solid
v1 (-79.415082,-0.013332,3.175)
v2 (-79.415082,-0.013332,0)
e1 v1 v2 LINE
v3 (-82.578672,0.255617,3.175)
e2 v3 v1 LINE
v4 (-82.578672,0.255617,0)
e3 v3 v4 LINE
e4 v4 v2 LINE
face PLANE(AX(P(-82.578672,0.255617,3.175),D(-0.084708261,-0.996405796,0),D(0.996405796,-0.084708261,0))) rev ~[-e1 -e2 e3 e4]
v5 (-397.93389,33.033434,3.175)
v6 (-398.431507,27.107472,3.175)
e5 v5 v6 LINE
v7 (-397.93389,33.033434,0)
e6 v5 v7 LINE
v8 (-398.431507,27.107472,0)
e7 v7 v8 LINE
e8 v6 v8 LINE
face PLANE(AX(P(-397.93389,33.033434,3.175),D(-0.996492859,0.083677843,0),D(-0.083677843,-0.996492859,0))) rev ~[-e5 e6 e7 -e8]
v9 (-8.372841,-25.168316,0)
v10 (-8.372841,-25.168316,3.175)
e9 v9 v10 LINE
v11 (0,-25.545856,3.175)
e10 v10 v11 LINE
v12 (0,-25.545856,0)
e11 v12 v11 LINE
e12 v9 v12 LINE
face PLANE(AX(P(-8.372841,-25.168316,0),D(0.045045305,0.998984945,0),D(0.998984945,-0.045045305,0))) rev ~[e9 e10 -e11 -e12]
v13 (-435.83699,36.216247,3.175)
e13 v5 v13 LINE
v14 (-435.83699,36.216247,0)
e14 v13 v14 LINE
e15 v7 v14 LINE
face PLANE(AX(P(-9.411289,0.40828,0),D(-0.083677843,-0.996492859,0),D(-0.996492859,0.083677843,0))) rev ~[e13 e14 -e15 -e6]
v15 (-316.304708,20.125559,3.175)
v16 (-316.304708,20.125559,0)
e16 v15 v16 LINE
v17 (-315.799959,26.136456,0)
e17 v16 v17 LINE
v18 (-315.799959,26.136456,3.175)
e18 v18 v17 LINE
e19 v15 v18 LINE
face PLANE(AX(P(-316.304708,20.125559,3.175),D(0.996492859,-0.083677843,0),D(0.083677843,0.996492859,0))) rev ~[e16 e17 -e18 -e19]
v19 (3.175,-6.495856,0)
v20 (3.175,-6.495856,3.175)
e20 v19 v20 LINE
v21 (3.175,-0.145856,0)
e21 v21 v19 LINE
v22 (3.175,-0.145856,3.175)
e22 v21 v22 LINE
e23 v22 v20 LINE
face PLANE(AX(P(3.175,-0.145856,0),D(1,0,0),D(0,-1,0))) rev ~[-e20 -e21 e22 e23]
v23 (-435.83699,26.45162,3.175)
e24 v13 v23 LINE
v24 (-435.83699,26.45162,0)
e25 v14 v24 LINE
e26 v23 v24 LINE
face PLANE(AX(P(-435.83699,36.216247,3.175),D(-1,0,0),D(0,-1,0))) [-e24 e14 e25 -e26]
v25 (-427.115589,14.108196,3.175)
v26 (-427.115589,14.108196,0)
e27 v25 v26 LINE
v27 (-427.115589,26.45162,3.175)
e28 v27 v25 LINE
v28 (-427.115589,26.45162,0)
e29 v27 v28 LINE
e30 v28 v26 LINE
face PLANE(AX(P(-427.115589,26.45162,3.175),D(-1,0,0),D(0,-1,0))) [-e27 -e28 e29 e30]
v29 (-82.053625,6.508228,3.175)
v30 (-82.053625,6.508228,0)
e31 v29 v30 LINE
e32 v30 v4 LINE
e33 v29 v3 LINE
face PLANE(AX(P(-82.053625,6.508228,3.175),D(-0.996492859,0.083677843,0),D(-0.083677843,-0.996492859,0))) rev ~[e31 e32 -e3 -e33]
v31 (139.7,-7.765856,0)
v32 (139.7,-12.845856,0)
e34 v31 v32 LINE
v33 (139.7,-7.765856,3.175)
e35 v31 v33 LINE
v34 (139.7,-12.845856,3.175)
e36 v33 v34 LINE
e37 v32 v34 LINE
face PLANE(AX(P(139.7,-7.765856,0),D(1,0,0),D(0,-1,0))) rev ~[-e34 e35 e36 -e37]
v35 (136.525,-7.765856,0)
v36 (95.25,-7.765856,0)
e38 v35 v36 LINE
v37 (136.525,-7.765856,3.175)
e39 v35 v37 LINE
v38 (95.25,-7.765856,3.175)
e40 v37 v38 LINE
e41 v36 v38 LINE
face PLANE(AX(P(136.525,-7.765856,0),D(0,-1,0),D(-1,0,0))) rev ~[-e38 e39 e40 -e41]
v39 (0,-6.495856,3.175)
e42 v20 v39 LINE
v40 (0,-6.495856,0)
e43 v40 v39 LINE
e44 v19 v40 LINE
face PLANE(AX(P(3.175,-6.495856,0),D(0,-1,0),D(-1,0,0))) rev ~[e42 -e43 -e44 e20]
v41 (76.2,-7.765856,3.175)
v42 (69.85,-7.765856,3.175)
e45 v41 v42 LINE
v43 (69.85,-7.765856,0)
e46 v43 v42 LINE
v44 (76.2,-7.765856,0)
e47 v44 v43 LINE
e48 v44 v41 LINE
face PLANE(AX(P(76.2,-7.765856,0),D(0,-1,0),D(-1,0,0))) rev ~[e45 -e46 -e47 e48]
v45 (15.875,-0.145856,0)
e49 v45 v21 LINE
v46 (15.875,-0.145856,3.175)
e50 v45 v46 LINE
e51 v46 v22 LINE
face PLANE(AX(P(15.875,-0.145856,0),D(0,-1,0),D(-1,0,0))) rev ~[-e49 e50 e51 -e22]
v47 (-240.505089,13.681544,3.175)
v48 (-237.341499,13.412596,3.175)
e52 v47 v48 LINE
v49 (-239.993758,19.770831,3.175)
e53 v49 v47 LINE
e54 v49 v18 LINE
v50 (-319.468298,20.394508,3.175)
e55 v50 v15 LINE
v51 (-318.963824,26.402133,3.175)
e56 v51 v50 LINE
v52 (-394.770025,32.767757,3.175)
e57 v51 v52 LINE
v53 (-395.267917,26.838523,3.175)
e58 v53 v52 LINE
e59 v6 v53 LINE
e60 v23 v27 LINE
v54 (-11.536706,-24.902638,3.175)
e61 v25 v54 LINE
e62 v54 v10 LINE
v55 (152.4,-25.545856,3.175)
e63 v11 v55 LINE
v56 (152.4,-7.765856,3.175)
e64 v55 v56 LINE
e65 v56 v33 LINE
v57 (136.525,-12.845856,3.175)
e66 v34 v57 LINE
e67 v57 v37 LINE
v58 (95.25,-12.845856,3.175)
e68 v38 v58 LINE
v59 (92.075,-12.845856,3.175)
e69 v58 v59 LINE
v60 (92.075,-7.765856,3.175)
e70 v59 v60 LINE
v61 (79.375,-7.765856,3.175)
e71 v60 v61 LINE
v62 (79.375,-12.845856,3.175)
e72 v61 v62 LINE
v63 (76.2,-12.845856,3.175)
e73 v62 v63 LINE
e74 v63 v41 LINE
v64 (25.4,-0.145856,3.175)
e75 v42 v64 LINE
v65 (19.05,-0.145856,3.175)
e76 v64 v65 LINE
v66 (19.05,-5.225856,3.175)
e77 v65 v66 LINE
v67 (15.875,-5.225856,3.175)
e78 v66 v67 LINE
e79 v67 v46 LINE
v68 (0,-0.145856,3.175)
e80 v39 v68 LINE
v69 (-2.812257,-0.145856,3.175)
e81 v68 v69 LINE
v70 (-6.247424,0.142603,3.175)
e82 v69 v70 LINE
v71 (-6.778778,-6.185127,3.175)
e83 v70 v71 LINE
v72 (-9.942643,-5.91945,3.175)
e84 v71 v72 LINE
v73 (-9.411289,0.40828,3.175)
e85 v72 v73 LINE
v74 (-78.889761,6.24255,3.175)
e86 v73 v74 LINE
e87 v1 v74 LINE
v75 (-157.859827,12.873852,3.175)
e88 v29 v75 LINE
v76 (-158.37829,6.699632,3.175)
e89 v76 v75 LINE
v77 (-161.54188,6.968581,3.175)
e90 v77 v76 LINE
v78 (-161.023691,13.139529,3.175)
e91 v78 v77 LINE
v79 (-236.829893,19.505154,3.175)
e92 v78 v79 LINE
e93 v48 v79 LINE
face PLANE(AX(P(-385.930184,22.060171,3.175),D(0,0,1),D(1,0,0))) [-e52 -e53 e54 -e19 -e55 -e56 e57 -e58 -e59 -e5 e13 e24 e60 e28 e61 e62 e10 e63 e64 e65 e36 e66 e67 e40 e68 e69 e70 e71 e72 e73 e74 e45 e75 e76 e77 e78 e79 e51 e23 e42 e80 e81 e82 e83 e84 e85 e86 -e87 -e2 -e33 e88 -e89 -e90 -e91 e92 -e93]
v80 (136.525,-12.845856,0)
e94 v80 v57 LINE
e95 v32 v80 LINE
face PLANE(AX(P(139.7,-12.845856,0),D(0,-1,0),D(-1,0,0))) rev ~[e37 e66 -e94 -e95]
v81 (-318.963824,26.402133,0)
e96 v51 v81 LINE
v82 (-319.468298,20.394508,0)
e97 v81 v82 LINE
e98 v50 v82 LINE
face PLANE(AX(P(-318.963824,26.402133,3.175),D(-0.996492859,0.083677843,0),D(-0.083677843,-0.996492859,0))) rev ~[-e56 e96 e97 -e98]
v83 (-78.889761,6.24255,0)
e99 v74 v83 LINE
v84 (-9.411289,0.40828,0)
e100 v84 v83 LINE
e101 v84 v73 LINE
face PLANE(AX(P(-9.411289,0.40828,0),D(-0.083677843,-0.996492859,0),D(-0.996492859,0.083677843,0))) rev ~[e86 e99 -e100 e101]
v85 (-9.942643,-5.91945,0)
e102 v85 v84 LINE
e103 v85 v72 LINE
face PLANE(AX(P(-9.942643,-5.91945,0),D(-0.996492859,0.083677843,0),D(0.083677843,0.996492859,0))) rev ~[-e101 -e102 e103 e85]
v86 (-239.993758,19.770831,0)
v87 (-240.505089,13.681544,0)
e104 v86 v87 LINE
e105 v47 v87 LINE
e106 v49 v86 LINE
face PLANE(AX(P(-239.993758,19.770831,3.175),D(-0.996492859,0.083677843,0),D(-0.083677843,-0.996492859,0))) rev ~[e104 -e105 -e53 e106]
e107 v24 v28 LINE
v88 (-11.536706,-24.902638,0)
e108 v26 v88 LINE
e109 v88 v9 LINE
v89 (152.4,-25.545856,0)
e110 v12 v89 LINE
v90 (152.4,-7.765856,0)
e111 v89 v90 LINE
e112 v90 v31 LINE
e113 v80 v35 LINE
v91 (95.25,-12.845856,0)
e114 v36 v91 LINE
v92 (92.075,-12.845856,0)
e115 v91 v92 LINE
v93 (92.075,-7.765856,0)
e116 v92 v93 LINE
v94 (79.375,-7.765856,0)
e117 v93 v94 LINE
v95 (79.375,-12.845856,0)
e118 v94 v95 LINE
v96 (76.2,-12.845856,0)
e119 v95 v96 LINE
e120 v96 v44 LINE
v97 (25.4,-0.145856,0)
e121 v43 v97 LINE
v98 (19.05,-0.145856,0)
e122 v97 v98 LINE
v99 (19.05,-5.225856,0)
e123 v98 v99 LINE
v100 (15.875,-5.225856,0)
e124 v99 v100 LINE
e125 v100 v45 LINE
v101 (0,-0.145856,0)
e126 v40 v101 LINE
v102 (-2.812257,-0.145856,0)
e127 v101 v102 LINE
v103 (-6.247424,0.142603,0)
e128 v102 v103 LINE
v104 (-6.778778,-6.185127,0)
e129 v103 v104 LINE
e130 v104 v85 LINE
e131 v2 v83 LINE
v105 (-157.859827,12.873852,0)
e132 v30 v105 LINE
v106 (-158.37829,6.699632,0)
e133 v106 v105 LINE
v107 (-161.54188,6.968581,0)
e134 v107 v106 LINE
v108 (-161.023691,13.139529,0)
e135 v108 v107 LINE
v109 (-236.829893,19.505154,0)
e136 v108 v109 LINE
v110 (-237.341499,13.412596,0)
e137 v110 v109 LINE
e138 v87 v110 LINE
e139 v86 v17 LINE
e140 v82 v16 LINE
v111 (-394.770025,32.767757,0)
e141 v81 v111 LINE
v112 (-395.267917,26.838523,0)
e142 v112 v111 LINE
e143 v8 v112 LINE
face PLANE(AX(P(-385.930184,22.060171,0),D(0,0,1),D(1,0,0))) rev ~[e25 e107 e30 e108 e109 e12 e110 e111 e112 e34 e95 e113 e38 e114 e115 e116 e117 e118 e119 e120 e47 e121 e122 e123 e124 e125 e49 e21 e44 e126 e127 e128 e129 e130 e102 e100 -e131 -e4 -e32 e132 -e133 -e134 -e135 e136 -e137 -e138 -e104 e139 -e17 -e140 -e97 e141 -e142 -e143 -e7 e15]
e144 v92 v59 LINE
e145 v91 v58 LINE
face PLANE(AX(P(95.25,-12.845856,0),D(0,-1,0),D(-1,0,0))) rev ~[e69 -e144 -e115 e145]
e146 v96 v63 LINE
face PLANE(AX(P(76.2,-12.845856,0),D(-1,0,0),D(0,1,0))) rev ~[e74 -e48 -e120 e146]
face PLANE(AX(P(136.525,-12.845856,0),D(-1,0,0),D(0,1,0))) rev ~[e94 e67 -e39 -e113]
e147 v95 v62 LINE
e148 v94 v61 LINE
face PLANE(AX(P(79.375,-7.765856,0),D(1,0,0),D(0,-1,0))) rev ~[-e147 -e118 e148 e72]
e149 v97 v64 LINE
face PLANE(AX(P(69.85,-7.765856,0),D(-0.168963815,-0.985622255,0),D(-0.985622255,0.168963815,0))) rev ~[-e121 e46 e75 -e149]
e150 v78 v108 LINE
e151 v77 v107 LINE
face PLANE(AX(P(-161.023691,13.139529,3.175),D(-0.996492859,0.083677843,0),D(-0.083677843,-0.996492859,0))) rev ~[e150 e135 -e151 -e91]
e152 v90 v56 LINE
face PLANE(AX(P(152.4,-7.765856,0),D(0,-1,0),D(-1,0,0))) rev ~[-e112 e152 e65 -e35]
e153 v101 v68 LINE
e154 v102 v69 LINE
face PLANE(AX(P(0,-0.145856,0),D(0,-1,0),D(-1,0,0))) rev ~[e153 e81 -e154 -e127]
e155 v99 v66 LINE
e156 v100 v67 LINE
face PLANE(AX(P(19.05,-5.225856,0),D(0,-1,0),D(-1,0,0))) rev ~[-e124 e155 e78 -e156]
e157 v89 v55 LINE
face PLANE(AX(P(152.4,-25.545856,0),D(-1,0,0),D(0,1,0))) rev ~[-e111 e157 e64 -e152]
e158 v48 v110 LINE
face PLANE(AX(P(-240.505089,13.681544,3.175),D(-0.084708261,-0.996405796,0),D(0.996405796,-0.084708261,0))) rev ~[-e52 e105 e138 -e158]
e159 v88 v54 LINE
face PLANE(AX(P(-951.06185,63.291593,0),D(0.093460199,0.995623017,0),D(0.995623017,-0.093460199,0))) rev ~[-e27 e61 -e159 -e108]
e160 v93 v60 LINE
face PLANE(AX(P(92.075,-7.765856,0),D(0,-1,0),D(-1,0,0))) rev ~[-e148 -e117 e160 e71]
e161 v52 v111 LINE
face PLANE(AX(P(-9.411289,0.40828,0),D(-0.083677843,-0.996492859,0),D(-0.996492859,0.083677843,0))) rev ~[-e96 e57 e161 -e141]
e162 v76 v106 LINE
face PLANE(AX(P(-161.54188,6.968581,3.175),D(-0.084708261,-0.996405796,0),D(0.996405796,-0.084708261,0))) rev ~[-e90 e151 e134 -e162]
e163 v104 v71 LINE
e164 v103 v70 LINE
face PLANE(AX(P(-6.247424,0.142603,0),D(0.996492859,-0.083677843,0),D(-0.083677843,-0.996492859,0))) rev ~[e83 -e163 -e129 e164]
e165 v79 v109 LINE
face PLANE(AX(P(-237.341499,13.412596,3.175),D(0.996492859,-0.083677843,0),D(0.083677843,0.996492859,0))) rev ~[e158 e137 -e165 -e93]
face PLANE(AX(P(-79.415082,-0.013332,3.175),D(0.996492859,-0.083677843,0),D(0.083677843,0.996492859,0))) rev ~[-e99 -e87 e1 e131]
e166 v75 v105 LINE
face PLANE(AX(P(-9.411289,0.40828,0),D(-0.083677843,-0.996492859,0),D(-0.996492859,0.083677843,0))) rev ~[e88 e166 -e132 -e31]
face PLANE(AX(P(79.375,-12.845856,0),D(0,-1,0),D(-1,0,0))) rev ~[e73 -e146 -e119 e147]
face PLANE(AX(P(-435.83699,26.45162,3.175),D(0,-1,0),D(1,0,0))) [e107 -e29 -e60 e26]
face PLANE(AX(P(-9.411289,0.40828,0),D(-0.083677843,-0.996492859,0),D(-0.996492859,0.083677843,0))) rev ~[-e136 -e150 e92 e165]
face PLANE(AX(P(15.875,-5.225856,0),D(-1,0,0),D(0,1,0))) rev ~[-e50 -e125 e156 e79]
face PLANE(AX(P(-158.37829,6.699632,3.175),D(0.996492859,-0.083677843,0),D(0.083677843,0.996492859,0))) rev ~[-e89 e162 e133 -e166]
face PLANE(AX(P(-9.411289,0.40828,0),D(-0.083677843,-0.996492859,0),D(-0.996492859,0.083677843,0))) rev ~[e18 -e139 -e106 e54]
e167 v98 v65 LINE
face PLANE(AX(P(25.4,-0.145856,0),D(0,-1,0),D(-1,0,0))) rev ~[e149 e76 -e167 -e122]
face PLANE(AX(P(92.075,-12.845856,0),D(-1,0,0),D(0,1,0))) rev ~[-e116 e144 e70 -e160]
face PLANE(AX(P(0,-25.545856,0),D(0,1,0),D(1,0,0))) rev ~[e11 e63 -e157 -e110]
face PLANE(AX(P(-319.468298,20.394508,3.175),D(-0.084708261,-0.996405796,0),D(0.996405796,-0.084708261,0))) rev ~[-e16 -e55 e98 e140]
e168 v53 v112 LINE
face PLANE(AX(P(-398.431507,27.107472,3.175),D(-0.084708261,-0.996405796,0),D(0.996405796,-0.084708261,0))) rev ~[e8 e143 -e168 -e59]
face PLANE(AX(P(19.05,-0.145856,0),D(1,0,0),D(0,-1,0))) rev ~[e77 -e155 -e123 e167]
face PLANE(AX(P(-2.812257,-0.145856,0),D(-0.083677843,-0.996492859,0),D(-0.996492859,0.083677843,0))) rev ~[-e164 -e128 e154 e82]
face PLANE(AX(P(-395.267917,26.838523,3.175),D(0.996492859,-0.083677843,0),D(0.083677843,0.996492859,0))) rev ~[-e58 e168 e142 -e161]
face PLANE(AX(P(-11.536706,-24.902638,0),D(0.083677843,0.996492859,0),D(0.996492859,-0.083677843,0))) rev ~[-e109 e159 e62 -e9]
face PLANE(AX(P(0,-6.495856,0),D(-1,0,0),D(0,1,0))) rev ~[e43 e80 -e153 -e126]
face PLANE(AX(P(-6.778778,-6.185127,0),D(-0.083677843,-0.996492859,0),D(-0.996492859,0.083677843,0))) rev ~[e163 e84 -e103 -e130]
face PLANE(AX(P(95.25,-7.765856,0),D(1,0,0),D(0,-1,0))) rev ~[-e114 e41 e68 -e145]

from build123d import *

# Parameters (mm, degrees)
BOSS_EXTRUDE1_DEPTH = 3.175
CUT_EXTRUDE1_DEPTH  = 4.175
CUT_EXTRUDE2_DEPTH  = 7.62


with BuildPart() as part:
    # Sketch1 → Boss-Extrude1 (new body)
    with BuildSketch(Plane.XY):
        Polygon((-950.530495659, 69.619322302), (-951.061849964, 63.291592645), (-11.536706102, -24.902638492), (-8.372841274, -25.168315645), (0, -25.545856054), (152.4, -25.545856054), (152.4, -7.765856054), (139.7, -7.765856054), (139.7, -12.845856054), (136.525, -12.845856054), (136.525, -7.765856054), (95.25, -7.765856054), (95.25, -12.845856054), (92.075, -12.845856054), (92.075, -7.765856054), (79.375, -7.765856054), (79.375, -12.845856054), (76.2, -12.845856054), (76.2, -7.765856054), (69.85, -7.765856054), (25.4, -0.145856054), (19.05, -0.145856054), (19.05, -5.225856054), (15.875, -5.225856054), (15.875, -0.145856054), (3.175, -0.145856054), (3.175, -6.495856054), (0, -6.495856054), (0, -0.145856054), (-2.81225704, -0.145856054), (-6.247424053, 0.14260298), (-6.778778359, -6.185126677), (-9.942643187, -5.919449524), (-9.411288881, 0.408280132), (-946.54805097, 79.101852726), (-947.366630831, 69.353645149), align=None)
    extrude(amount=BOSS_EXTRUDE1_DEPTH)

    # Sketch2 → Cut-Extrude1 (cut, through all)
    with BuildSketch(Plane.XY.offset(3.175)):
        Polygon((-869.047169109, 67.116306724), (-868.590421605, 72.555567687), (-871.754286433, 72.821244839), (-872.210759203, 67.385255598), align=None)
        Polygon((-790.083960364, 60.403342827), (-789.620355495, 65.924265958), (-792.784220323, 66.189943111), (-793.247550458, 60.672291701), align=None)
        Polygon((-711.120751618, 53.69037893), (-710.650289385, 59.29296423), (-713.814154213, 59.558641383), (-714.284341712, 53.959327804), align=None)
        Polygon((-632.157542872, 46.977415032), (-631.680223276, 52.661662502), (-634.844088104, 52.927339654), (-635.321132966, 47.246363906), align=None)
        Polygon((-553.194334126, 40.264451135), (-552.710157166, 46.030360773), (-555.874021994, 46.296037926), (-556.35792422, 40.533400009), align=None)
        Polygon((-474.23112538, 33.551487238), (-473.740091056, 39.399059045), (-476.903955884, 39.664736197), (-477.394715474, 33.820436112), align=None)
        Polygon((-395.267916634, 26.83852334), (-394.770024946, 32.767757316), (-397.933889774, 33.033434469), (-398.431506728, 27.107472214), align=None)
        Polygon((-316.304707888, 20.125559443), (-315.799958836, 26.136455588), (-318.963823664, 26.402132741), (-319.468297982, 20.394508317), align=None)
        Polygon((-237.341499142, 13.412595546), (-236.829892727, 19.50515386), (-239.993757555, 19.770831012), (-240.505089236, 13.68154442), align=None)
        Polygon((-158.378290396, 6.699631648), (-157.859826617, 12.873852131), (-161.023691445, 13.139529284), (-161.54188049, 6.968580522), align=None)
        Polygon((-79.415081651, -0.013332249), (-78.889760507, 6.242550403), (-82.053625335, 6.508227555), (-82.578671745, 0.255616625), align=None)
    extrude(amount=-CUT_EXTRUDE1_DEPTH, mode=Mode.SUBTRACT)

    # Sketch3 → Cut-Extrude2 (cut)
    with BuildSketch(Plane.XY.offset(3.175)):
        Polygon((-435.836990415, 36.216246757), (-435.836990415, 26.451619727), (-427.115588921, 26.451619727), (-427.115588921, 14.108196169), (-989.316849096, 0), (-981.213716068, 132.265755076), align=None)
    extrude(amount=-CUT_EXTRUDE2_DEPTH, mode=Mode.SUBTRACT)


solid = part.part
